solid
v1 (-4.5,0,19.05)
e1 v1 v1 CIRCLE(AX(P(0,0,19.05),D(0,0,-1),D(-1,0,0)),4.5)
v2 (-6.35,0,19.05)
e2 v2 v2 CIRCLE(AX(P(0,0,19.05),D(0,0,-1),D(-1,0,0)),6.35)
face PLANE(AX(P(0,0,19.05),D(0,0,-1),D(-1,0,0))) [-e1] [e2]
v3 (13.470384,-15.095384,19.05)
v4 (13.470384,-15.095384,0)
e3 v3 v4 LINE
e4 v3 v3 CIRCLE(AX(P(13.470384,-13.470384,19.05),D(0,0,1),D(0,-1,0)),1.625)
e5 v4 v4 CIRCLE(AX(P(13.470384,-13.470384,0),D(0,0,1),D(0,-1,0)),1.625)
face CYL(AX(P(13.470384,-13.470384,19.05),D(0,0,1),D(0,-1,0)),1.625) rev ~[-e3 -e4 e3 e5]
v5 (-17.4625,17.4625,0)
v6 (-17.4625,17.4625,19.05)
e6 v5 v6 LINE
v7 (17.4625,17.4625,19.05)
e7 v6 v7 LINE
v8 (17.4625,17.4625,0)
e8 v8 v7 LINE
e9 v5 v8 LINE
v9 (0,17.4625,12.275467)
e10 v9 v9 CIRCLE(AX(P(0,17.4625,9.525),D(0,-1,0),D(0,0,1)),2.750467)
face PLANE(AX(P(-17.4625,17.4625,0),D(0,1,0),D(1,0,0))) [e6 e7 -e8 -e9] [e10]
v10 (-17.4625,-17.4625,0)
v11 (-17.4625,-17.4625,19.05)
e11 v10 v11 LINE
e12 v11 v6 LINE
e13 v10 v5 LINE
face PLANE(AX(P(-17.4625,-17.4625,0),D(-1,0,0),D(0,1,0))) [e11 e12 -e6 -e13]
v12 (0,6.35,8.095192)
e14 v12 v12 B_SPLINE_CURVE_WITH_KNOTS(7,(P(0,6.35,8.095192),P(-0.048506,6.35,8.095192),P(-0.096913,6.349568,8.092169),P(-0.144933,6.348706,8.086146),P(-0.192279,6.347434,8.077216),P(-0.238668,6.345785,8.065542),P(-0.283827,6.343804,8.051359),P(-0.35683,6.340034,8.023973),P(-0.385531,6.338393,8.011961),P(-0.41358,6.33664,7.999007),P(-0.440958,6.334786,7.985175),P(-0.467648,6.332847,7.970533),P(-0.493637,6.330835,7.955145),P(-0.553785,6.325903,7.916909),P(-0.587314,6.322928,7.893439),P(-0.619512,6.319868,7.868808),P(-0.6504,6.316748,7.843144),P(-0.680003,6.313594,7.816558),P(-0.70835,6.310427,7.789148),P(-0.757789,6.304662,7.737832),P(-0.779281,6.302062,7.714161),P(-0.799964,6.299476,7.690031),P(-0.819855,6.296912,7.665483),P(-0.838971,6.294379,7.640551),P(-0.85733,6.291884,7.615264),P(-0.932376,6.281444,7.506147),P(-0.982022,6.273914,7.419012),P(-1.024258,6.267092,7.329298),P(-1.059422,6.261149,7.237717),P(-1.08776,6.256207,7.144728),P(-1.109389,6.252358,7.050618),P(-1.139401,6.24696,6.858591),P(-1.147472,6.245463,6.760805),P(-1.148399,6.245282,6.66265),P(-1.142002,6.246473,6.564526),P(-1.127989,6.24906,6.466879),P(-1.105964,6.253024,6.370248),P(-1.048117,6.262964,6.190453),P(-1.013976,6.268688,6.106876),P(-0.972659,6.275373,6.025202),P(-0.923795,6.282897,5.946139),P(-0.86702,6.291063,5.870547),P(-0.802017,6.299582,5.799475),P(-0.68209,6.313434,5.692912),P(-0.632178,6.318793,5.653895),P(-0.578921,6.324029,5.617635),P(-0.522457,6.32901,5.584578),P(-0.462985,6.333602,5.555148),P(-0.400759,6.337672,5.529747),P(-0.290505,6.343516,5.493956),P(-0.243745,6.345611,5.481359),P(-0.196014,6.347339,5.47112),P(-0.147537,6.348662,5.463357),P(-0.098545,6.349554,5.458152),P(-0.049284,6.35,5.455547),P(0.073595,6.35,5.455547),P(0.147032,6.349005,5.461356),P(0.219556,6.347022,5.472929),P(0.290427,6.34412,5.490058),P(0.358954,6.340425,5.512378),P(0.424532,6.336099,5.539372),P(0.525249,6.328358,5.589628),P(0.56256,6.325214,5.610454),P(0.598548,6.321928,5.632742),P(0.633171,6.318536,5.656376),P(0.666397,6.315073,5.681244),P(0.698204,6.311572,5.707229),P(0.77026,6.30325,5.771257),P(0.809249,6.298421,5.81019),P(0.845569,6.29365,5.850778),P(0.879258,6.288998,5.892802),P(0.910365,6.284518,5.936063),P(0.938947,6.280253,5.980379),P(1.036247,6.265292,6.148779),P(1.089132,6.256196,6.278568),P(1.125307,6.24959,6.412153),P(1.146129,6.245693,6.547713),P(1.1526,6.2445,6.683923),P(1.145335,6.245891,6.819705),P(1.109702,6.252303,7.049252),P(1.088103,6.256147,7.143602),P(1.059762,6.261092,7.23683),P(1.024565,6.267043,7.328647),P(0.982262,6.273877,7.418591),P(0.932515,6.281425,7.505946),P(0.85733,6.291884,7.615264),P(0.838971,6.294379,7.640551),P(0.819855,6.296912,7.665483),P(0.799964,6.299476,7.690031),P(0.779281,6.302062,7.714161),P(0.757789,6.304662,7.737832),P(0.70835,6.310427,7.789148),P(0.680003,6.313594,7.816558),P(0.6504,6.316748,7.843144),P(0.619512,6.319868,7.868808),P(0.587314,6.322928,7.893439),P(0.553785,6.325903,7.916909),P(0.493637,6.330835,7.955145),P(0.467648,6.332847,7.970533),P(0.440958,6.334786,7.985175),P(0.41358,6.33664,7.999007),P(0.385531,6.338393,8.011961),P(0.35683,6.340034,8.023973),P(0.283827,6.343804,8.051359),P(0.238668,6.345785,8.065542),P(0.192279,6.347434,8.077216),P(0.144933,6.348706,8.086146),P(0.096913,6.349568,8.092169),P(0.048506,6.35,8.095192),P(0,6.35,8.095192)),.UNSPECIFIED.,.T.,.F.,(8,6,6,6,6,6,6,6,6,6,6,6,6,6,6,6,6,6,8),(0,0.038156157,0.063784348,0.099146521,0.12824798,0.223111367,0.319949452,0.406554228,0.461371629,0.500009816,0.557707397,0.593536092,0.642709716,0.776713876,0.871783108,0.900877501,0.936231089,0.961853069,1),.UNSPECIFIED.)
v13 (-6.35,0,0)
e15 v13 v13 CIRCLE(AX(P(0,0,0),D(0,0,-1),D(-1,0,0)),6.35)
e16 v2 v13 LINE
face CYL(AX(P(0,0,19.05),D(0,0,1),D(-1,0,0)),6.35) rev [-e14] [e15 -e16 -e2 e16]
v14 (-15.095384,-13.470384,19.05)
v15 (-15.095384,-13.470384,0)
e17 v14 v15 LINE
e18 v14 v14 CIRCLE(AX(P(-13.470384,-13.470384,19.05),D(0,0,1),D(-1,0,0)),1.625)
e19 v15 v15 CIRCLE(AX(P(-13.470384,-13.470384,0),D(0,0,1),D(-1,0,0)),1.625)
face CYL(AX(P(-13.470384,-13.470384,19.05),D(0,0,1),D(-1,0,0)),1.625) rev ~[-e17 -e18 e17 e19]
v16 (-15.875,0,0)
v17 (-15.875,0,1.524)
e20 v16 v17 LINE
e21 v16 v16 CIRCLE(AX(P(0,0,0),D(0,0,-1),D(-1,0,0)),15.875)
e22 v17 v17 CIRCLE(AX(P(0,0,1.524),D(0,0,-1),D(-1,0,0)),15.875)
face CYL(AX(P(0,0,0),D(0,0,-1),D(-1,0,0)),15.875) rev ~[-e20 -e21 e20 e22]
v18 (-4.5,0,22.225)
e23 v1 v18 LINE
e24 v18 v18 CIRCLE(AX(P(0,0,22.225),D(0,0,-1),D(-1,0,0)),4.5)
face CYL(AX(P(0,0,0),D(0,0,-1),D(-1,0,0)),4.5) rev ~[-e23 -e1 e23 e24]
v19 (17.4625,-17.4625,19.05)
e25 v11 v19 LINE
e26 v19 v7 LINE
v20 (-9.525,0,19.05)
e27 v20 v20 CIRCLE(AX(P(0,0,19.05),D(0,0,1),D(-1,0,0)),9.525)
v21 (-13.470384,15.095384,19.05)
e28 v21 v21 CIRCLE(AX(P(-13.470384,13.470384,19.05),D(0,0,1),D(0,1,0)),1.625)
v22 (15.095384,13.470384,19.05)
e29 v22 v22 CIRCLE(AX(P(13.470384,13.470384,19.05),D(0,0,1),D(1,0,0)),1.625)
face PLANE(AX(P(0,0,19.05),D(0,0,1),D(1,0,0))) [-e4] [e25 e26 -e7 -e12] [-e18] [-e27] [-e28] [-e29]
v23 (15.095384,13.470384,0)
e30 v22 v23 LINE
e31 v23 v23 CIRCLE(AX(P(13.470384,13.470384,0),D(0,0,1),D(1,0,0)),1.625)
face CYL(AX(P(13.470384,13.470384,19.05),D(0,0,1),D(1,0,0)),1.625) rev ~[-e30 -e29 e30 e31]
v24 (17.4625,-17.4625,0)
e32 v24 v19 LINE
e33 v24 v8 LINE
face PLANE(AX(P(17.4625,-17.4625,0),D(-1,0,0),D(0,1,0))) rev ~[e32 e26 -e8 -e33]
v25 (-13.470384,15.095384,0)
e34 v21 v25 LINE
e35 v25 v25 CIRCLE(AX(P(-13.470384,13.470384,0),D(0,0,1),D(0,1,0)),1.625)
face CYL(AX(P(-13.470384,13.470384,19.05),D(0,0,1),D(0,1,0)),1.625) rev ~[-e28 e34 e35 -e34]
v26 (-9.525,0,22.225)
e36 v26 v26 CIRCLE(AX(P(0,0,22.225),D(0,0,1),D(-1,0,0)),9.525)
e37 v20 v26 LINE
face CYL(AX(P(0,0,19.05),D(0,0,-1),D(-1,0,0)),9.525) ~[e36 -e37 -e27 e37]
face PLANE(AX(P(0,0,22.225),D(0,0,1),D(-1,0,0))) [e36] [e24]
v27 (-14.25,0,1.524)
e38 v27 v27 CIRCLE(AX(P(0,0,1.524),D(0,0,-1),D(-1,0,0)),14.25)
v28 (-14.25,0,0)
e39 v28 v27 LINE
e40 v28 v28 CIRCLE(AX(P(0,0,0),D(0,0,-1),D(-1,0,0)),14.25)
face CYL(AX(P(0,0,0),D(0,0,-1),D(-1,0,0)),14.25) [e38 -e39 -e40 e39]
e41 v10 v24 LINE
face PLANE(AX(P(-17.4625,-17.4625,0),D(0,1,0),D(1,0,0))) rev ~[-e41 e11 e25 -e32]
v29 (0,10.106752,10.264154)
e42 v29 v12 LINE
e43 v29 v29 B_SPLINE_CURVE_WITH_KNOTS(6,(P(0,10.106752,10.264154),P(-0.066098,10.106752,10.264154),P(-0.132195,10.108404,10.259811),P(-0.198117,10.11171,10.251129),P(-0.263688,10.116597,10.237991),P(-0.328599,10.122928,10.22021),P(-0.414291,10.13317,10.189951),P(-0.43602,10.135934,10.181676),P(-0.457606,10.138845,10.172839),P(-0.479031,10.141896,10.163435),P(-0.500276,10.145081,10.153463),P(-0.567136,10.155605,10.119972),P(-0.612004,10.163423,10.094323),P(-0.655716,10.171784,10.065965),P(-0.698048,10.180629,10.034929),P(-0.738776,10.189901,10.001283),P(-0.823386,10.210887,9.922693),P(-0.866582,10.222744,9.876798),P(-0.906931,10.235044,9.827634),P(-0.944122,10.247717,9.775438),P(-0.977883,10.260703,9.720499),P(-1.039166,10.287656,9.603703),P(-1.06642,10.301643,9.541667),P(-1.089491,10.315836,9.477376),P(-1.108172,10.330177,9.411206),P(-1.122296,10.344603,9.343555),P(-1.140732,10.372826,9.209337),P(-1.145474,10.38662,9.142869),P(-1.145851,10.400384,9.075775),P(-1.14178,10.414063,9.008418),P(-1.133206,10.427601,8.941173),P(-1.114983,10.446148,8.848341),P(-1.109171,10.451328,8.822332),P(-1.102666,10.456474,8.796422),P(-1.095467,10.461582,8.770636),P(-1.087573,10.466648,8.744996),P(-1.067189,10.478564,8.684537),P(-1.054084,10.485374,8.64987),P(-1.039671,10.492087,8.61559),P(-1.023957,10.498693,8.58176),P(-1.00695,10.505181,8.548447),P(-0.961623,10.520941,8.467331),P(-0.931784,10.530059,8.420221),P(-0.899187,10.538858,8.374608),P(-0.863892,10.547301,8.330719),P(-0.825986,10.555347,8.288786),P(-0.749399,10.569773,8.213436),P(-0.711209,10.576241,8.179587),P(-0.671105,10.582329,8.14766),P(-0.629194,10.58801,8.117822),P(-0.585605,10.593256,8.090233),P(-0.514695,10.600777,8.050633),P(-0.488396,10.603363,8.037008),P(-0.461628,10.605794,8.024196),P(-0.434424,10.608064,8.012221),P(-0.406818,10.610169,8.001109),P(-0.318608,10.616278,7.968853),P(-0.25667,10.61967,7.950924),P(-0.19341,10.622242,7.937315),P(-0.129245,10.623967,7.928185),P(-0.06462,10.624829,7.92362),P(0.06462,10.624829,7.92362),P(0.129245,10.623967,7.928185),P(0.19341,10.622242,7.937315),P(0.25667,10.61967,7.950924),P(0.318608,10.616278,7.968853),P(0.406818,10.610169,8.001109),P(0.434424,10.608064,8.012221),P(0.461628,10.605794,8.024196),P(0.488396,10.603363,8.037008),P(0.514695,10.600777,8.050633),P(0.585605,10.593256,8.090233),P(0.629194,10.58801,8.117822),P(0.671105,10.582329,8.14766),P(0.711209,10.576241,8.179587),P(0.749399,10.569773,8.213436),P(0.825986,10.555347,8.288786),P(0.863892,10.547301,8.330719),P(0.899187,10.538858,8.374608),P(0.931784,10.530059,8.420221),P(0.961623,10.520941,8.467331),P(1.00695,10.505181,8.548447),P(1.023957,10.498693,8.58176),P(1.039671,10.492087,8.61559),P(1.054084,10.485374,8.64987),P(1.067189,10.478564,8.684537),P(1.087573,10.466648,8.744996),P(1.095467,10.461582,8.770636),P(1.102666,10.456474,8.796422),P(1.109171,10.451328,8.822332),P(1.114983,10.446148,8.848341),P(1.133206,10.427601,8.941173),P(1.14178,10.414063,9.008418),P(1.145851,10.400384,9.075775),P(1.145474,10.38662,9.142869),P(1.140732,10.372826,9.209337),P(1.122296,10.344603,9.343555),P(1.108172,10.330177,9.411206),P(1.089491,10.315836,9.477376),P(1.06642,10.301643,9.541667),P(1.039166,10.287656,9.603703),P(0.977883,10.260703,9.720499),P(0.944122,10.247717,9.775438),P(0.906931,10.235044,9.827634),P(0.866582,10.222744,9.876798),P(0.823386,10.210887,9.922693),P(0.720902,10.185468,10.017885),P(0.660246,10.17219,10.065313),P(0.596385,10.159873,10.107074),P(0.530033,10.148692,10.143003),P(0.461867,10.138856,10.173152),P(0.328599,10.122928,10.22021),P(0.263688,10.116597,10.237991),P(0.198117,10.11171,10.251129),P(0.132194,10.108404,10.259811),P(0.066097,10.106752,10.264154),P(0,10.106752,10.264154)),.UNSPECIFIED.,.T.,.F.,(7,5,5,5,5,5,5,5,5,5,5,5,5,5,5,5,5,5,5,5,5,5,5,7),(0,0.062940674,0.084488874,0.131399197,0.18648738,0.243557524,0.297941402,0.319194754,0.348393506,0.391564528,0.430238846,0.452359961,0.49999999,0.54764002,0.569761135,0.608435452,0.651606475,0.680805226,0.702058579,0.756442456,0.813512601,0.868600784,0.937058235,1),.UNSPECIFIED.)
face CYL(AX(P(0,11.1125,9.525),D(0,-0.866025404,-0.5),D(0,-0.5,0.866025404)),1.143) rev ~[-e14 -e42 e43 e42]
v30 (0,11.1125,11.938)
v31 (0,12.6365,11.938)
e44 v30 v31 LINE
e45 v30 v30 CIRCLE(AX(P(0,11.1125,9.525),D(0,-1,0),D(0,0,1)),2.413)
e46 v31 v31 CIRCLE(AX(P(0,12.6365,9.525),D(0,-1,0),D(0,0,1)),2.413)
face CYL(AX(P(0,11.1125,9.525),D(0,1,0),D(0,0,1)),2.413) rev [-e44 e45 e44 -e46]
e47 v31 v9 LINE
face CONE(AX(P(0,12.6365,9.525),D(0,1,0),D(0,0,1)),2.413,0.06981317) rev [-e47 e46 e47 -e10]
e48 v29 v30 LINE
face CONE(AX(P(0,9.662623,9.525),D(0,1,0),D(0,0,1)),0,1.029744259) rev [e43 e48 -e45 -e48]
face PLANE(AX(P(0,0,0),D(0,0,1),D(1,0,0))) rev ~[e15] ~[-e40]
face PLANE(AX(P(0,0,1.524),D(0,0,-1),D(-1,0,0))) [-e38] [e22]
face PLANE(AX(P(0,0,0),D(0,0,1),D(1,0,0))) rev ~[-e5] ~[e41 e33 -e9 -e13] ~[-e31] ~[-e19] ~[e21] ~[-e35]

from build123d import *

# Parameters (mm, degrees)
SKETCH1_W           = 34.925
SKETCH1_H           = 34.925
BASE_EXTRUDE_DEPTH  = 19.05
SKETCH12_R          = 15.875
SKETCH12_R_2        = 14.25
CUT_EXTRUDE4_DEPTH  = 1.524
SKETCH3_R           = 1.625
CUT_EXTRUDE2_DEPTH  = 32.189426293
CIRPATTERN2_COUNT   = 4
SKETCH15_R          = 9.525
BOSS_EXTRUDE1_DEPTH = 3.175
SKETCH14_R          = 4.5
CUT_EXTRUDE6_DEPTH  = 34.223913639
CUT_EXTRUDE7_START  = -19.05
SKETCH16_R          = 6.35
CUT_EXTRUDE7_DEPTH  = 19.05


with BuildPart() as part:
    # Sketch1 → Base-Extrude (new body)
    with BuildSketch(Plane.XY):
        Rectangle(SKETCH1_W, SKETCH1_H)
    extrude(amount=BASE_EXTRUDE_DEPTH)

    # Sketch12 → Cut-Extrude4 (cut)
    with BuildSketch(Plane(origin=(-5.978518985, 12.821273311, 0), x_dir=(-1, 0, 0), z_dir=(0, 0, -1))):
        with Locations((-5.978518985, -12.821273311)):
            Circle(SKETCH12_R)
        with Locations((-5.978518985, -12.821273311)):
            Circle(SKETCH12_R_2, mode=Mode.SUBTRACT)
    extrude(amount=-CUT_EXTRUDE4_DEPTH, mode=Mode.SUBTRACT)

    # Sketch3 → Cut-Extrude2 (cut, through all)
    with BuildSketch(Plane.XY.offset(19.05)):
        with Locations((13.470384182, 13.470384182)):
            Circle(SKETCH3_R)
    cut_extrude2 = extrude(amount=-CUT_EXTRUDE2_DEPTH, mode=Mode.SUBTRACT)

    # CirPattern2: Cut-Extrude2 ×4 about axis
    cirpattern2_axis = Axis((0, 0, 0), (0, 0, 1))
    for i in range(1, CIRPATTERN2_COUNT):
        add(cut_extrude2.rotate(cirpattern2_axis, i * 360 / CIRPATTERN2_COUNT), mode=Mode.SUBTRACT)

    # Sketch10 → Hole3 (revolve, cut)
    with BuildSketch(Plane(origin=(0, 17.4625, 9.525), x_dir=(0, 0, 1), z_dir=(1, 0, 0))):
        Polygon((0, 0), (0, 7.799876674), (2.413, 6.35), (2.413, 4.826), (2.750466794, 0), align=None)
    revolve(axis=Axis((0, 21.469039452, 9.525), (0, -1, 0)), mode=Mode.SUBTRACT)

    # Sketch15 → Boss-Extrude1 (add)
    with BuildSketch(Plane.XY.offset(19.05)):
        with Locations(Location((0, 0, 0), (0, 0, 180))):
            Circle(SKETCH15_R)
    extrude(amount=BOSS_EXTRUDE1_DEPTH)

    # Sketch14 → Cut-Extrude6 (cut, through all)
    with BuildSketch(Plane(origin=(0, 0, 0), x_dir=(-1, 0, 0), z_dir=(0, 0, -1))):
        Circle(SKETCH14_R)
    extrude(amount=-CUT_EXTRUDE6_DEPTH, mode=Mode.SUBTRACT)

    # Sketch16 → Cut-Extrude7 (cut)
    with BuildSketch(Plane(origin=(0, 0, 0), x_dir=(-1, 0, 0), z_dir=(0, 0, -1)).offset(CUT_EXTRUDE7_START)):
        Circle(SKETCH16_R)
    extrude(amount=CUT_EXTRUDE7_DEPTH, mode=Mode.SUBTRACT)

    # Sketch17 → Cut-Revolve1 (revolve, cut)
    with BuildSketch(Plane(origin=(0, 0, 0), x_dir=(0, 0, -1), z_dir=(1, 0, 0))):
        Polygon((-9.525, 11.1125), (-10.514867037, 10.541), (-4.09906217, -0.5715), (-3.109195134, 0), align=None)
    revolve(axis=Axis((0, 11.1125, 9.525), (0, -0.8660254037844396, -0.4999999999999983)), mode=Mode.SUBTRACT)


solid = part.part
